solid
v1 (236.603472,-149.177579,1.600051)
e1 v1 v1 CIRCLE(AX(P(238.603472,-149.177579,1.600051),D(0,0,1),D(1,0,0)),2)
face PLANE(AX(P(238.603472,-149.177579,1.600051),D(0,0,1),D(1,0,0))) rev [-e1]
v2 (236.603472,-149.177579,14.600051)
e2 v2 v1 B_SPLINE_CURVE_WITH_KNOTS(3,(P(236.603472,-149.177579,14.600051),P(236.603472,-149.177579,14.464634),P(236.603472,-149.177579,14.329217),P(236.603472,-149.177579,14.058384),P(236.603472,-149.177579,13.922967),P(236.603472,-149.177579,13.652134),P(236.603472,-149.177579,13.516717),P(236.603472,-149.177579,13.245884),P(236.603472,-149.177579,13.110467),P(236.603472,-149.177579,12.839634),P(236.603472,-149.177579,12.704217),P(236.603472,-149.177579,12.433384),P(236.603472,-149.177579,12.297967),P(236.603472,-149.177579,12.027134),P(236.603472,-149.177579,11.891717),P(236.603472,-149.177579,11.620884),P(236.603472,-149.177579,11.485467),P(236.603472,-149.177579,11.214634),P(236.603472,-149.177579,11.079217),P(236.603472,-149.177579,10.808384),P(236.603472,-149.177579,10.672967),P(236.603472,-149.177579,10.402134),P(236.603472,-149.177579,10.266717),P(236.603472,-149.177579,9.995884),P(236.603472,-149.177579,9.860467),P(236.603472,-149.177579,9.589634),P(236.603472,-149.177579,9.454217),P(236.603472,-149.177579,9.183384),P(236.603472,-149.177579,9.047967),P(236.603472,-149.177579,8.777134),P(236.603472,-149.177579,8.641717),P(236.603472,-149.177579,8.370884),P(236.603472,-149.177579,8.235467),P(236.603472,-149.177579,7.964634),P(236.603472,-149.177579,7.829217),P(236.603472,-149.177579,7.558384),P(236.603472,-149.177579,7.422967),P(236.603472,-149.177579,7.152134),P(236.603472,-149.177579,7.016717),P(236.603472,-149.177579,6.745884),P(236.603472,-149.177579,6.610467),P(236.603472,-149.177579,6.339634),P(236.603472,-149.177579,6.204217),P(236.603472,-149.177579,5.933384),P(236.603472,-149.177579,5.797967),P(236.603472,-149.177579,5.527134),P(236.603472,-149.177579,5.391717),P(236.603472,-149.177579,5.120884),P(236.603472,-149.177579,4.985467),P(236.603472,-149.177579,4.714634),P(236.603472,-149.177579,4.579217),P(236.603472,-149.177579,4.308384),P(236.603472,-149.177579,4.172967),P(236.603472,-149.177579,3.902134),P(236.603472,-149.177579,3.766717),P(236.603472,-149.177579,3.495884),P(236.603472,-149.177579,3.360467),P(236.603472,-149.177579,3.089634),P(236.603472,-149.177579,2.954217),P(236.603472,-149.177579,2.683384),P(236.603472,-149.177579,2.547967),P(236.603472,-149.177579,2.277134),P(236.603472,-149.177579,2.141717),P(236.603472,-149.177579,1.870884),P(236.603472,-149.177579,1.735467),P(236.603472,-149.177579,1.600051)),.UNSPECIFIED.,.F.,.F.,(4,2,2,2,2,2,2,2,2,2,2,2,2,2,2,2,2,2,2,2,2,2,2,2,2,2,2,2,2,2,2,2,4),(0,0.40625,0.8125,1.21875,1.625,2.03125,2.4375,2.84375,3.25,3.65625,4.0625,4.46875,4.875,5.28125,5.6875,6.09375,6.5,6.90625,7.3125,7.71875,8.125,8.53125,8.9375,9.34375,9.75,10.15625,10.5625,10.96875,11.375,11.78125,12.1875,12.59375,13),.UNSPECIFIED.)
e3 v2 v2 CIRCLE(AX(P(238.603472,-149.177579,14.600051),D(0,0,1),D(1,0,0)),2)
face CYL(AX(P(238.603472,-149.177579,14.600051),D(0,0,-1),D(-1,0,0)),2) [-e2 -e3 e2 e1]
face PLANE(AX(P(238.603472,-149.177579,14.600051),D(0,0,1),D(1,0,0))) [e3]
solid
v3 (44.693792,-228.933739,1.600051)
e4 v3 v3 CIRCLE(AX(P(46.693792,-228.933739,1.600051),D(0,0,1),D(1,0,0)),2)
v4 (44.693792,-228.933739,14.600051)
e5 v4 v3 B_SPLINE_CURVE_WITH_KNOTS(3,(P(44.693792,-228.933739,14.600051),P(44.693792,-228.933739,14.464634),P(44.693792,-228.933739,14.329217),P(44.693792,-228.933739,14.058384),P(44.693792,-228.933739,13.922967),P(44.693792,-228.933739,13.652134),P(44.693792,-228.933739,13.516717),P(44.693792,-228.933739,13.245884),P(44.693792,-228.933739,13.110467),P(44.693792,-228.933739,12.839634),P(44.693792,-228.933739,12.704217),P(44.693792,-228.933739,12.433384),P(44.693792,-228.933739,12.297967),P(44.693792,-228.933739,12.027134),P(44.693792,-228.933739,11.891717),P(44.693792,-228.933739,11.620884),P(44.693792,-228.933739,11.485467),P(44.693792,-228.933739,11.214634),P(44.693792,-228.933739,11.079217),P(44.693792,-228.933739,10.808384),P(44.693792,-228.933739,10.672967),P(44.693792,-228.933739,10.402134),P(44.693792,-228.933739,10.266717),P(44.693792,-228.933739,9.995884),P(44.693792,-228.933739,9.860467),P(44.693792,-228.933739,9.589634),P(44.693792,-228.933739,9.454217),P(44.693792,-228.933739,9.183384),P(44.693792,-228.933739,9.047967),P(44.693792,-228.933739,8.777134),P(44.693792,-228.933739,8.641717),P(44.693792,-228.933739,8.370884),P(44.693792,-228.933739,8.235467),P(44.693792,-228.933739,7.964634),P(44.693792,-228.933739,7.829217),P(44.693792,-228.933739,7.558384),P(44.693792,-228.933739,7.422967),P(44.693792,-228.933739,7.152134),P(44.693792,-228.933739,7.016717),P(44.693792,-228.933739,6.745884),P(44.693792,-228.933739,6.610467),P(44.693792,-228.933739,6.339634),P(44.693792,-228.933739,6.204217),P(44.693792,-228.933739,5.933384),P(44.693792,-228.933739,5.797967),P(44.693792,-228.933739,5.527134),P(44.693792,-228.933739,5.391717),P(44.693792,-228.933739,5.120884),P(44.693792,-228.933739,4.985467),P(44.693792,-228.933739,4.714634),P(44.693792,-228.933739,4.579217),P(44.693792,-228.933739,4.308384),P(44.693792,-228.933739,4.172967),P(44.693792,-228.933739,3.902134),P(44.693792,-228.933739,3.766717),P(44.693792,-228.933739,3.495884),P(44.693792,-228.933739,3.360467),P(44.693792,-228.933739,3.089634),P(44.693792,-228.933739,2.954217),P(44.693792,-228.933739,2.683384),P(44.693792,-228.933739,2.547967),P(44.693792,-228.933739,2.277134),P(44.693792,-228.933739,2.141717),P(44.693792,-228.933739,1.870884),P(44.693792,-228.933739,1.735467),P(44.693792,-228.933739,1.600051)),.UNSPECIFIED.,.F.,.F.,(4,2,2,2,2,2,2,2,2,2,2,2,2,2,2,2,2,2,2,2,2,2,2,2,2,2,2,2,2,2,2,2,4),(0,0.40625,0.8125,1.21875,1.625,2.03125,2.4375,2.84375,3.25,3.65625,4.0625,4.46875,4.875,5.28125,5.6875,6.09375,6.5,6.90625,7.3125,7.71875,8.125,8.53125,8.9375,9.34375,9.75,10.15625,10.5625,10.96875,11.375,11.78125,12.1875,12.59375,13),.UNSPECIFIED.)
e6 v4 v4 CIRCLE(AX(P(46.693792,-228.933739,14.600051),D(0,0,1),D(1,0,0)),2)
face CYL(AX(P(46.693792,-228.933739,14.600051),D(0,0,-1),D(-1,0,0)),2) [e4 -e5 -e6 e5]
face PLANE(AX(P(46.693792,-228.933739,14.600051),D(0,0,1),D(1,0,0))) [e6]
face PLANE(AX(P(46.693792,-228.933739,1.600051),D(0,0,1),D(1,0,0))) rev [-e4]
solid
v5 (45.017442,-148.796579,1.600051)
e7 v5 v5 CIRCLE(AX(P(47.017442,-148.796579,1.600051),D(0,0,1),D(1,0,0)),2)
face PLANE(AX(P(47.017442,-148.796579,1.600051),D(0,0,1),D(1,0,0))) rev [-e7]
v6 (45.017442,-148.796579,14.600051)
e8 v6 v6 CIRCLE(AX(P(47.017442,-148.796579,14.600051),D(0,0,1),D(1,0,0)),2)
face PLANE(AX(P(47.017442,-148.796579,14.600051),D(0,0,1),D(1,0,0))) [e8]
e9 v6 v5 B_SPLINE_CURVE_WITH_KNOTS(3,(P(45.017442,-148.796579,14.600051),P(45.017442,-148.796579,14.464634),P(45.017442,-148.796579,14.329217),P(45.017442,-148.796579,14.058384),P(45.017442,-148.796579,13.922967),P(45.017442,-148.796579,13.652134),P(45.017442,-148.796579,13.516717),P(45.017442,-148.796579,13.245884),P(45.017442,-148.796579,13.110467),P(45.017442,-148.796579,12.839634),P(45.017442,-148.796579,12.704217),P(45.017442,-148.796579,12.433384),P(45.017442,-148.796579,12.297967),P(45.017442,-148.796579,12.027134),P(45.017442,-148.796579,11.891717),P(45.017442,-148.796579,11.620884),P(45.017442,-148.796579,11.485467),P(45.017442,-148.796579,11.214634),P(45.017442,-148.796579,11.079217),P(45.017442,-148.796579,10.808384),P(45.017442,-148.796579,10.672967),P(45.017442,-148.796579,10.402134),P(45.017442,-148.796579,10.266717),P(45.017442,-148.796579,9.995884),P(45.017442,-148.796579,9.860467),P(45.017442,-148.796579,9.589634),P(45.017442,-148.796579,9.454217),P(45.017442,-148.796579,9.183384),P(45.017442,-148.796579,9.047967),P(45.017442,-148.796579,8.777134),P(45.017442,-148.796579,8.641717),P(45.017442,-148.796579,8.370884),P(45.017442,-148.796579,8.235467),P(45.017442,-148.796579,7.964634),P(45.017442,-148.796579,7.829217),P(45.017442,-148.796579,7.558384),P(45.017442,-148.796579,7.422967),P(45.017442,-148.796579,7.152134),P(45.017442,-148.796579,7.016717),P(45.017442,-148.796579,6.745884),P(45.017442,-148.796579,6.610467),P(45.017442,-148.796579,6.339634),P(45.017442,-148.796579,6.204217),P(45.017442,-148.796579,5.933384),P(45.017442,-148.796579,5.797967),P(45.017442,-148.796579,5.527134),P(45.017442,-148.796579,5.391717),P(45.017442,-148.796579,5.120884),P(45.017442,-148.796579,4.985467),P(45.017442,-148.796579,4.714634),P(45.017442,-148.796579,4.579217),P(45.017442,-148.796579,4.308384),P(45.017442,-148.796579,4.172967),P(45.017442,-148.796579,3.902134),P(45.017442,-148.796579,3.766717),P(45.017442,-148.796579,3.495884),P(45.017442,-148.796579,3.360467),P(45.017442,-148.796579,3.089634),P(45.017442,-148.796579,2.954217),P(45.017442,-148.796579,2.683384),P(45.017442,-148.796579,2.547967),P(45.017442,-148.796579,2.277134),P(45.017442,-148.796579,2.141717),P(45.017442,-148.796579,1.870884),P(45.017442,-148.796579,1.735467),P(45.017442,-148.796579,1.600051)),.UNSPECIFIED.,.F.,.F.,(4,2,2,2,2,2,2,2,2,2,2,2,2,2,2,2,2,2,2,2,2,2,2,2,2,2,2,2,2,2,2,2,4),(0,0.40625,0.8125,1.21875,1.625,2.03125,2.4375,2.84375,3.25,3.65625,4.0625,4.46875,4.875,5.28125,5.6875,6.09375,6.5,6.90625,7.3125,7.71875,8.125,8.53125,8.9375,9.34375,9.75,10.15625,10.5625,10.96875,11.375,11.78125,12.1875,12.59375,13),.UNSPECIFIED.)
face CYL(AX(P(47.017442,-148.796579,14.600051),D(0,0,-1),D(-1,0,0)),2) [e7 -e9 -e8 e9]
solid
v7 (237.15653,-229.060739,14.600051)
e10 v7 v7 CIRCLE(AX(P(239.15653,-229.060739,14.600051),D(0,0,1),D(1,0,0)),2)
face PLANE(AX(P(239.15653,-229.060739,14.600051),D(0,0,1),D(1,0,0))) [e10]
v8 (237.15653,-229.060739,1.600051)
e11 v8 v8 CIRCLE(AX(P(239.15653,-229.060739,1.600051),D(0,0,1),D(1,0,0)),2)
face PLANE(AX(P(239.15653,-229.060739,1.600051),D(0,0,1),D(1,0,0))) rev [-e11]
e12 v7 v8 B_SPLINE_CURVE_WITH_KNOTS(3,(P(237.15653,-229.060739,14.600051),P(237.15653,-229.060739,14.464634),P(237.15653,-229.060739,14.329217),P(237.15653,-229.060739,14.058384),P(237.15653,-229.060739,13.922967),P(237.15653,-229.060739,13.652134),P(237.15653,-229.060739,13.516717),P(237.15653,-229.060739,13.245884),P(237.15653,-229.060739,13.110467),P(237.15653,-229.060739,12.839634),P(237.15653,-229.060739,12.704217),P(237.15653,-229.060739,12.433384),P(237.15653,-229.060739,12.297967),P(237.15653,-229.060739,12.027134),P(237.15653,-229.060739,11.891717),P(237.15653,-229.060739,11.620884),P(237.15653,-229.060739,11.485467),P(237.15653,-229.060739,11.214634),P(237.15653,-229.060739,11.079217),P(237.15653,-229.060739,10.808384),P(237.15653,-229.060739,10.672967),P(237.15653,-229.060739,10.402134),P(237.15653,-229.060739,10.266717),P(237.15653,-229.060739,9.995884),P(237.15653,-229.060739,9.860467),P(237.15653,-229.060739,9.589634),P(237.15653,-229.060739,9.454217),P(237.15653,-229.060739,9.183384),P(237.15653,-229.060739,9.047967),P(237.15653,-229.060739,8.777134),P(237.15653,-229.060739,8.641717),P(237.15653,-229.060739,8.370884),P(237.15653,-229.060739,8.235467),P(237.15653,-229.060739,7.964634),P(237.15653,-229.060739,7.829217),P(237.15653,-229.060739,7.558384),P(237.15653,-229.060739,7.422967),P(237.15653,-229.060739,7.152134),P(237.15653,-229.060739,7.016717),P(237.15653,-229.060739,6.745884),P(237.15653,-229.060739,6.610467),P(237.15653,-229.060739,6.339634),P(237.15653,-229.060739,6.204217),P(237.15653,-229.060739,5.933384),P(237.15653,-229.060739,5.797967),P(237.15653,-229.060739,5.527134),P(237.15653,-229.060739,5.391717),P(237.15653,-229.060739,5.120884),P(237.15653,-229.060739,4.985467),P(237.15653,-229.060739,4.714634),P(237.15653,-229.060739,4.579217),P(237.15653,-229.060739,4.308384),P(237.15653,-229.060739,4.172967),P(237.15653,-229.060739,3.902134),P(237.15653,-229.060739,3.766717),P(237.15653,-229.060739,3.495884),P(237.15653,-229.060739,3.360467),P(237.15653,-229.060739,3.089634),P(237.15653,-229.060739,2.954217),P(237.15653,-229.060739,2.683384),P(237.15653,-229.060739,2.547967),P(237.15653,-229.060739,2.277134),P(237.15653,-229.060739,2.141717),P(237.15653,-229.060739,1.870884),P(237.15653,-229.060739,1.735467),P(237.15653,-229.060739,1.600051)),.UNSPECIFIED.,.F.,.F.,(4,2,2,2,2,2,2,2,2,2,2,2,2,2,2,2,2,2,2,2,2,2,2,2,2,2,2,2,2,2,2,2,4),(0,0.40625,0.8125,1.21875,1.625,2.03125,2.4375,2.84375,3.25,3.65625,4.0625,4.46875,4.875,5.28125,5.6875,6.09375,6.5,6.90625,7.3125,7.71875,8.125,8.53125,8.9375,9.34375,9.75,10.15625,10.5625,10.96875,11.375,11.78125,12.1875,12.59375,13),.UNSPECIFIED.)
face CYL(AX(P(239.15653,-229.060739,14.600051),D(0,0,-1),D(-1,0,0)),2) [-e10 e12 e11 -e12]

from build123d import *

# Parameters (mm, degrees)
SKETCH_2_R        = 2
EXTRUDE_1_DEPTH   = 13
SKETCH_4_R        = 2
EXTRUDE_2_DEPTH   = 13
SKETCH_5_R        = 2
EXTRUDE_3_DEPTH   = 13
EXTRUDE_3_2_DEPTH = 13


with BuildPart() as part:
    # 草图2 → 凸台-拉伸1 (new body)
    with BuildSketch(Plane.XY.offset(1.6000508)):
        with Locations(Location((47.017442215, -148.796578613, 0), (0, 0, 180))):
            Circle(SKETCH_2_R)
    extrude(amount=EXTRUDE_1_DEPTH)


with BuildPart() as body_2:
    # 草图4 → 凸台-拉伸2 (new body)
    with BuildSketch(Plane.XY.offset(1.6000508)):
        with Locations(Location((238.603472187, -149.177579375, 0), (0, 0, 180))):
            Circle(SKETCH_4_R)
    extrude(amount=EXTRUDE_2_DEPTH)


with BuildPart() as body_3:
    # 草图5 → 凸台-拉伸3 (new body)
    with BuildSketch(Plane.XY.offset(1.6000508)):
        with Locations(Location((239.156530353, -229.060739141, 0), (0, 0, 180))):
            Circle(SKETCH_5_R)
    extrude(amount=EXTRUDE_3_DEPTH)


with BuildPart() as body_4:
    # 草图5 → Extrude 3 2 (new body)
    with BuildSketch(Plane.XY.offset(1.6000508)):
        with Locations(Location((46.693792228, -228.933738887, 0), (0, 0, 180))):
            Circle(SKETCH_5_R)
    extrude(amount=EXTRUDE_3_2_DEPTH)


solid = Compound([part.part, body_2.part, body_3.part, body_4.part])
